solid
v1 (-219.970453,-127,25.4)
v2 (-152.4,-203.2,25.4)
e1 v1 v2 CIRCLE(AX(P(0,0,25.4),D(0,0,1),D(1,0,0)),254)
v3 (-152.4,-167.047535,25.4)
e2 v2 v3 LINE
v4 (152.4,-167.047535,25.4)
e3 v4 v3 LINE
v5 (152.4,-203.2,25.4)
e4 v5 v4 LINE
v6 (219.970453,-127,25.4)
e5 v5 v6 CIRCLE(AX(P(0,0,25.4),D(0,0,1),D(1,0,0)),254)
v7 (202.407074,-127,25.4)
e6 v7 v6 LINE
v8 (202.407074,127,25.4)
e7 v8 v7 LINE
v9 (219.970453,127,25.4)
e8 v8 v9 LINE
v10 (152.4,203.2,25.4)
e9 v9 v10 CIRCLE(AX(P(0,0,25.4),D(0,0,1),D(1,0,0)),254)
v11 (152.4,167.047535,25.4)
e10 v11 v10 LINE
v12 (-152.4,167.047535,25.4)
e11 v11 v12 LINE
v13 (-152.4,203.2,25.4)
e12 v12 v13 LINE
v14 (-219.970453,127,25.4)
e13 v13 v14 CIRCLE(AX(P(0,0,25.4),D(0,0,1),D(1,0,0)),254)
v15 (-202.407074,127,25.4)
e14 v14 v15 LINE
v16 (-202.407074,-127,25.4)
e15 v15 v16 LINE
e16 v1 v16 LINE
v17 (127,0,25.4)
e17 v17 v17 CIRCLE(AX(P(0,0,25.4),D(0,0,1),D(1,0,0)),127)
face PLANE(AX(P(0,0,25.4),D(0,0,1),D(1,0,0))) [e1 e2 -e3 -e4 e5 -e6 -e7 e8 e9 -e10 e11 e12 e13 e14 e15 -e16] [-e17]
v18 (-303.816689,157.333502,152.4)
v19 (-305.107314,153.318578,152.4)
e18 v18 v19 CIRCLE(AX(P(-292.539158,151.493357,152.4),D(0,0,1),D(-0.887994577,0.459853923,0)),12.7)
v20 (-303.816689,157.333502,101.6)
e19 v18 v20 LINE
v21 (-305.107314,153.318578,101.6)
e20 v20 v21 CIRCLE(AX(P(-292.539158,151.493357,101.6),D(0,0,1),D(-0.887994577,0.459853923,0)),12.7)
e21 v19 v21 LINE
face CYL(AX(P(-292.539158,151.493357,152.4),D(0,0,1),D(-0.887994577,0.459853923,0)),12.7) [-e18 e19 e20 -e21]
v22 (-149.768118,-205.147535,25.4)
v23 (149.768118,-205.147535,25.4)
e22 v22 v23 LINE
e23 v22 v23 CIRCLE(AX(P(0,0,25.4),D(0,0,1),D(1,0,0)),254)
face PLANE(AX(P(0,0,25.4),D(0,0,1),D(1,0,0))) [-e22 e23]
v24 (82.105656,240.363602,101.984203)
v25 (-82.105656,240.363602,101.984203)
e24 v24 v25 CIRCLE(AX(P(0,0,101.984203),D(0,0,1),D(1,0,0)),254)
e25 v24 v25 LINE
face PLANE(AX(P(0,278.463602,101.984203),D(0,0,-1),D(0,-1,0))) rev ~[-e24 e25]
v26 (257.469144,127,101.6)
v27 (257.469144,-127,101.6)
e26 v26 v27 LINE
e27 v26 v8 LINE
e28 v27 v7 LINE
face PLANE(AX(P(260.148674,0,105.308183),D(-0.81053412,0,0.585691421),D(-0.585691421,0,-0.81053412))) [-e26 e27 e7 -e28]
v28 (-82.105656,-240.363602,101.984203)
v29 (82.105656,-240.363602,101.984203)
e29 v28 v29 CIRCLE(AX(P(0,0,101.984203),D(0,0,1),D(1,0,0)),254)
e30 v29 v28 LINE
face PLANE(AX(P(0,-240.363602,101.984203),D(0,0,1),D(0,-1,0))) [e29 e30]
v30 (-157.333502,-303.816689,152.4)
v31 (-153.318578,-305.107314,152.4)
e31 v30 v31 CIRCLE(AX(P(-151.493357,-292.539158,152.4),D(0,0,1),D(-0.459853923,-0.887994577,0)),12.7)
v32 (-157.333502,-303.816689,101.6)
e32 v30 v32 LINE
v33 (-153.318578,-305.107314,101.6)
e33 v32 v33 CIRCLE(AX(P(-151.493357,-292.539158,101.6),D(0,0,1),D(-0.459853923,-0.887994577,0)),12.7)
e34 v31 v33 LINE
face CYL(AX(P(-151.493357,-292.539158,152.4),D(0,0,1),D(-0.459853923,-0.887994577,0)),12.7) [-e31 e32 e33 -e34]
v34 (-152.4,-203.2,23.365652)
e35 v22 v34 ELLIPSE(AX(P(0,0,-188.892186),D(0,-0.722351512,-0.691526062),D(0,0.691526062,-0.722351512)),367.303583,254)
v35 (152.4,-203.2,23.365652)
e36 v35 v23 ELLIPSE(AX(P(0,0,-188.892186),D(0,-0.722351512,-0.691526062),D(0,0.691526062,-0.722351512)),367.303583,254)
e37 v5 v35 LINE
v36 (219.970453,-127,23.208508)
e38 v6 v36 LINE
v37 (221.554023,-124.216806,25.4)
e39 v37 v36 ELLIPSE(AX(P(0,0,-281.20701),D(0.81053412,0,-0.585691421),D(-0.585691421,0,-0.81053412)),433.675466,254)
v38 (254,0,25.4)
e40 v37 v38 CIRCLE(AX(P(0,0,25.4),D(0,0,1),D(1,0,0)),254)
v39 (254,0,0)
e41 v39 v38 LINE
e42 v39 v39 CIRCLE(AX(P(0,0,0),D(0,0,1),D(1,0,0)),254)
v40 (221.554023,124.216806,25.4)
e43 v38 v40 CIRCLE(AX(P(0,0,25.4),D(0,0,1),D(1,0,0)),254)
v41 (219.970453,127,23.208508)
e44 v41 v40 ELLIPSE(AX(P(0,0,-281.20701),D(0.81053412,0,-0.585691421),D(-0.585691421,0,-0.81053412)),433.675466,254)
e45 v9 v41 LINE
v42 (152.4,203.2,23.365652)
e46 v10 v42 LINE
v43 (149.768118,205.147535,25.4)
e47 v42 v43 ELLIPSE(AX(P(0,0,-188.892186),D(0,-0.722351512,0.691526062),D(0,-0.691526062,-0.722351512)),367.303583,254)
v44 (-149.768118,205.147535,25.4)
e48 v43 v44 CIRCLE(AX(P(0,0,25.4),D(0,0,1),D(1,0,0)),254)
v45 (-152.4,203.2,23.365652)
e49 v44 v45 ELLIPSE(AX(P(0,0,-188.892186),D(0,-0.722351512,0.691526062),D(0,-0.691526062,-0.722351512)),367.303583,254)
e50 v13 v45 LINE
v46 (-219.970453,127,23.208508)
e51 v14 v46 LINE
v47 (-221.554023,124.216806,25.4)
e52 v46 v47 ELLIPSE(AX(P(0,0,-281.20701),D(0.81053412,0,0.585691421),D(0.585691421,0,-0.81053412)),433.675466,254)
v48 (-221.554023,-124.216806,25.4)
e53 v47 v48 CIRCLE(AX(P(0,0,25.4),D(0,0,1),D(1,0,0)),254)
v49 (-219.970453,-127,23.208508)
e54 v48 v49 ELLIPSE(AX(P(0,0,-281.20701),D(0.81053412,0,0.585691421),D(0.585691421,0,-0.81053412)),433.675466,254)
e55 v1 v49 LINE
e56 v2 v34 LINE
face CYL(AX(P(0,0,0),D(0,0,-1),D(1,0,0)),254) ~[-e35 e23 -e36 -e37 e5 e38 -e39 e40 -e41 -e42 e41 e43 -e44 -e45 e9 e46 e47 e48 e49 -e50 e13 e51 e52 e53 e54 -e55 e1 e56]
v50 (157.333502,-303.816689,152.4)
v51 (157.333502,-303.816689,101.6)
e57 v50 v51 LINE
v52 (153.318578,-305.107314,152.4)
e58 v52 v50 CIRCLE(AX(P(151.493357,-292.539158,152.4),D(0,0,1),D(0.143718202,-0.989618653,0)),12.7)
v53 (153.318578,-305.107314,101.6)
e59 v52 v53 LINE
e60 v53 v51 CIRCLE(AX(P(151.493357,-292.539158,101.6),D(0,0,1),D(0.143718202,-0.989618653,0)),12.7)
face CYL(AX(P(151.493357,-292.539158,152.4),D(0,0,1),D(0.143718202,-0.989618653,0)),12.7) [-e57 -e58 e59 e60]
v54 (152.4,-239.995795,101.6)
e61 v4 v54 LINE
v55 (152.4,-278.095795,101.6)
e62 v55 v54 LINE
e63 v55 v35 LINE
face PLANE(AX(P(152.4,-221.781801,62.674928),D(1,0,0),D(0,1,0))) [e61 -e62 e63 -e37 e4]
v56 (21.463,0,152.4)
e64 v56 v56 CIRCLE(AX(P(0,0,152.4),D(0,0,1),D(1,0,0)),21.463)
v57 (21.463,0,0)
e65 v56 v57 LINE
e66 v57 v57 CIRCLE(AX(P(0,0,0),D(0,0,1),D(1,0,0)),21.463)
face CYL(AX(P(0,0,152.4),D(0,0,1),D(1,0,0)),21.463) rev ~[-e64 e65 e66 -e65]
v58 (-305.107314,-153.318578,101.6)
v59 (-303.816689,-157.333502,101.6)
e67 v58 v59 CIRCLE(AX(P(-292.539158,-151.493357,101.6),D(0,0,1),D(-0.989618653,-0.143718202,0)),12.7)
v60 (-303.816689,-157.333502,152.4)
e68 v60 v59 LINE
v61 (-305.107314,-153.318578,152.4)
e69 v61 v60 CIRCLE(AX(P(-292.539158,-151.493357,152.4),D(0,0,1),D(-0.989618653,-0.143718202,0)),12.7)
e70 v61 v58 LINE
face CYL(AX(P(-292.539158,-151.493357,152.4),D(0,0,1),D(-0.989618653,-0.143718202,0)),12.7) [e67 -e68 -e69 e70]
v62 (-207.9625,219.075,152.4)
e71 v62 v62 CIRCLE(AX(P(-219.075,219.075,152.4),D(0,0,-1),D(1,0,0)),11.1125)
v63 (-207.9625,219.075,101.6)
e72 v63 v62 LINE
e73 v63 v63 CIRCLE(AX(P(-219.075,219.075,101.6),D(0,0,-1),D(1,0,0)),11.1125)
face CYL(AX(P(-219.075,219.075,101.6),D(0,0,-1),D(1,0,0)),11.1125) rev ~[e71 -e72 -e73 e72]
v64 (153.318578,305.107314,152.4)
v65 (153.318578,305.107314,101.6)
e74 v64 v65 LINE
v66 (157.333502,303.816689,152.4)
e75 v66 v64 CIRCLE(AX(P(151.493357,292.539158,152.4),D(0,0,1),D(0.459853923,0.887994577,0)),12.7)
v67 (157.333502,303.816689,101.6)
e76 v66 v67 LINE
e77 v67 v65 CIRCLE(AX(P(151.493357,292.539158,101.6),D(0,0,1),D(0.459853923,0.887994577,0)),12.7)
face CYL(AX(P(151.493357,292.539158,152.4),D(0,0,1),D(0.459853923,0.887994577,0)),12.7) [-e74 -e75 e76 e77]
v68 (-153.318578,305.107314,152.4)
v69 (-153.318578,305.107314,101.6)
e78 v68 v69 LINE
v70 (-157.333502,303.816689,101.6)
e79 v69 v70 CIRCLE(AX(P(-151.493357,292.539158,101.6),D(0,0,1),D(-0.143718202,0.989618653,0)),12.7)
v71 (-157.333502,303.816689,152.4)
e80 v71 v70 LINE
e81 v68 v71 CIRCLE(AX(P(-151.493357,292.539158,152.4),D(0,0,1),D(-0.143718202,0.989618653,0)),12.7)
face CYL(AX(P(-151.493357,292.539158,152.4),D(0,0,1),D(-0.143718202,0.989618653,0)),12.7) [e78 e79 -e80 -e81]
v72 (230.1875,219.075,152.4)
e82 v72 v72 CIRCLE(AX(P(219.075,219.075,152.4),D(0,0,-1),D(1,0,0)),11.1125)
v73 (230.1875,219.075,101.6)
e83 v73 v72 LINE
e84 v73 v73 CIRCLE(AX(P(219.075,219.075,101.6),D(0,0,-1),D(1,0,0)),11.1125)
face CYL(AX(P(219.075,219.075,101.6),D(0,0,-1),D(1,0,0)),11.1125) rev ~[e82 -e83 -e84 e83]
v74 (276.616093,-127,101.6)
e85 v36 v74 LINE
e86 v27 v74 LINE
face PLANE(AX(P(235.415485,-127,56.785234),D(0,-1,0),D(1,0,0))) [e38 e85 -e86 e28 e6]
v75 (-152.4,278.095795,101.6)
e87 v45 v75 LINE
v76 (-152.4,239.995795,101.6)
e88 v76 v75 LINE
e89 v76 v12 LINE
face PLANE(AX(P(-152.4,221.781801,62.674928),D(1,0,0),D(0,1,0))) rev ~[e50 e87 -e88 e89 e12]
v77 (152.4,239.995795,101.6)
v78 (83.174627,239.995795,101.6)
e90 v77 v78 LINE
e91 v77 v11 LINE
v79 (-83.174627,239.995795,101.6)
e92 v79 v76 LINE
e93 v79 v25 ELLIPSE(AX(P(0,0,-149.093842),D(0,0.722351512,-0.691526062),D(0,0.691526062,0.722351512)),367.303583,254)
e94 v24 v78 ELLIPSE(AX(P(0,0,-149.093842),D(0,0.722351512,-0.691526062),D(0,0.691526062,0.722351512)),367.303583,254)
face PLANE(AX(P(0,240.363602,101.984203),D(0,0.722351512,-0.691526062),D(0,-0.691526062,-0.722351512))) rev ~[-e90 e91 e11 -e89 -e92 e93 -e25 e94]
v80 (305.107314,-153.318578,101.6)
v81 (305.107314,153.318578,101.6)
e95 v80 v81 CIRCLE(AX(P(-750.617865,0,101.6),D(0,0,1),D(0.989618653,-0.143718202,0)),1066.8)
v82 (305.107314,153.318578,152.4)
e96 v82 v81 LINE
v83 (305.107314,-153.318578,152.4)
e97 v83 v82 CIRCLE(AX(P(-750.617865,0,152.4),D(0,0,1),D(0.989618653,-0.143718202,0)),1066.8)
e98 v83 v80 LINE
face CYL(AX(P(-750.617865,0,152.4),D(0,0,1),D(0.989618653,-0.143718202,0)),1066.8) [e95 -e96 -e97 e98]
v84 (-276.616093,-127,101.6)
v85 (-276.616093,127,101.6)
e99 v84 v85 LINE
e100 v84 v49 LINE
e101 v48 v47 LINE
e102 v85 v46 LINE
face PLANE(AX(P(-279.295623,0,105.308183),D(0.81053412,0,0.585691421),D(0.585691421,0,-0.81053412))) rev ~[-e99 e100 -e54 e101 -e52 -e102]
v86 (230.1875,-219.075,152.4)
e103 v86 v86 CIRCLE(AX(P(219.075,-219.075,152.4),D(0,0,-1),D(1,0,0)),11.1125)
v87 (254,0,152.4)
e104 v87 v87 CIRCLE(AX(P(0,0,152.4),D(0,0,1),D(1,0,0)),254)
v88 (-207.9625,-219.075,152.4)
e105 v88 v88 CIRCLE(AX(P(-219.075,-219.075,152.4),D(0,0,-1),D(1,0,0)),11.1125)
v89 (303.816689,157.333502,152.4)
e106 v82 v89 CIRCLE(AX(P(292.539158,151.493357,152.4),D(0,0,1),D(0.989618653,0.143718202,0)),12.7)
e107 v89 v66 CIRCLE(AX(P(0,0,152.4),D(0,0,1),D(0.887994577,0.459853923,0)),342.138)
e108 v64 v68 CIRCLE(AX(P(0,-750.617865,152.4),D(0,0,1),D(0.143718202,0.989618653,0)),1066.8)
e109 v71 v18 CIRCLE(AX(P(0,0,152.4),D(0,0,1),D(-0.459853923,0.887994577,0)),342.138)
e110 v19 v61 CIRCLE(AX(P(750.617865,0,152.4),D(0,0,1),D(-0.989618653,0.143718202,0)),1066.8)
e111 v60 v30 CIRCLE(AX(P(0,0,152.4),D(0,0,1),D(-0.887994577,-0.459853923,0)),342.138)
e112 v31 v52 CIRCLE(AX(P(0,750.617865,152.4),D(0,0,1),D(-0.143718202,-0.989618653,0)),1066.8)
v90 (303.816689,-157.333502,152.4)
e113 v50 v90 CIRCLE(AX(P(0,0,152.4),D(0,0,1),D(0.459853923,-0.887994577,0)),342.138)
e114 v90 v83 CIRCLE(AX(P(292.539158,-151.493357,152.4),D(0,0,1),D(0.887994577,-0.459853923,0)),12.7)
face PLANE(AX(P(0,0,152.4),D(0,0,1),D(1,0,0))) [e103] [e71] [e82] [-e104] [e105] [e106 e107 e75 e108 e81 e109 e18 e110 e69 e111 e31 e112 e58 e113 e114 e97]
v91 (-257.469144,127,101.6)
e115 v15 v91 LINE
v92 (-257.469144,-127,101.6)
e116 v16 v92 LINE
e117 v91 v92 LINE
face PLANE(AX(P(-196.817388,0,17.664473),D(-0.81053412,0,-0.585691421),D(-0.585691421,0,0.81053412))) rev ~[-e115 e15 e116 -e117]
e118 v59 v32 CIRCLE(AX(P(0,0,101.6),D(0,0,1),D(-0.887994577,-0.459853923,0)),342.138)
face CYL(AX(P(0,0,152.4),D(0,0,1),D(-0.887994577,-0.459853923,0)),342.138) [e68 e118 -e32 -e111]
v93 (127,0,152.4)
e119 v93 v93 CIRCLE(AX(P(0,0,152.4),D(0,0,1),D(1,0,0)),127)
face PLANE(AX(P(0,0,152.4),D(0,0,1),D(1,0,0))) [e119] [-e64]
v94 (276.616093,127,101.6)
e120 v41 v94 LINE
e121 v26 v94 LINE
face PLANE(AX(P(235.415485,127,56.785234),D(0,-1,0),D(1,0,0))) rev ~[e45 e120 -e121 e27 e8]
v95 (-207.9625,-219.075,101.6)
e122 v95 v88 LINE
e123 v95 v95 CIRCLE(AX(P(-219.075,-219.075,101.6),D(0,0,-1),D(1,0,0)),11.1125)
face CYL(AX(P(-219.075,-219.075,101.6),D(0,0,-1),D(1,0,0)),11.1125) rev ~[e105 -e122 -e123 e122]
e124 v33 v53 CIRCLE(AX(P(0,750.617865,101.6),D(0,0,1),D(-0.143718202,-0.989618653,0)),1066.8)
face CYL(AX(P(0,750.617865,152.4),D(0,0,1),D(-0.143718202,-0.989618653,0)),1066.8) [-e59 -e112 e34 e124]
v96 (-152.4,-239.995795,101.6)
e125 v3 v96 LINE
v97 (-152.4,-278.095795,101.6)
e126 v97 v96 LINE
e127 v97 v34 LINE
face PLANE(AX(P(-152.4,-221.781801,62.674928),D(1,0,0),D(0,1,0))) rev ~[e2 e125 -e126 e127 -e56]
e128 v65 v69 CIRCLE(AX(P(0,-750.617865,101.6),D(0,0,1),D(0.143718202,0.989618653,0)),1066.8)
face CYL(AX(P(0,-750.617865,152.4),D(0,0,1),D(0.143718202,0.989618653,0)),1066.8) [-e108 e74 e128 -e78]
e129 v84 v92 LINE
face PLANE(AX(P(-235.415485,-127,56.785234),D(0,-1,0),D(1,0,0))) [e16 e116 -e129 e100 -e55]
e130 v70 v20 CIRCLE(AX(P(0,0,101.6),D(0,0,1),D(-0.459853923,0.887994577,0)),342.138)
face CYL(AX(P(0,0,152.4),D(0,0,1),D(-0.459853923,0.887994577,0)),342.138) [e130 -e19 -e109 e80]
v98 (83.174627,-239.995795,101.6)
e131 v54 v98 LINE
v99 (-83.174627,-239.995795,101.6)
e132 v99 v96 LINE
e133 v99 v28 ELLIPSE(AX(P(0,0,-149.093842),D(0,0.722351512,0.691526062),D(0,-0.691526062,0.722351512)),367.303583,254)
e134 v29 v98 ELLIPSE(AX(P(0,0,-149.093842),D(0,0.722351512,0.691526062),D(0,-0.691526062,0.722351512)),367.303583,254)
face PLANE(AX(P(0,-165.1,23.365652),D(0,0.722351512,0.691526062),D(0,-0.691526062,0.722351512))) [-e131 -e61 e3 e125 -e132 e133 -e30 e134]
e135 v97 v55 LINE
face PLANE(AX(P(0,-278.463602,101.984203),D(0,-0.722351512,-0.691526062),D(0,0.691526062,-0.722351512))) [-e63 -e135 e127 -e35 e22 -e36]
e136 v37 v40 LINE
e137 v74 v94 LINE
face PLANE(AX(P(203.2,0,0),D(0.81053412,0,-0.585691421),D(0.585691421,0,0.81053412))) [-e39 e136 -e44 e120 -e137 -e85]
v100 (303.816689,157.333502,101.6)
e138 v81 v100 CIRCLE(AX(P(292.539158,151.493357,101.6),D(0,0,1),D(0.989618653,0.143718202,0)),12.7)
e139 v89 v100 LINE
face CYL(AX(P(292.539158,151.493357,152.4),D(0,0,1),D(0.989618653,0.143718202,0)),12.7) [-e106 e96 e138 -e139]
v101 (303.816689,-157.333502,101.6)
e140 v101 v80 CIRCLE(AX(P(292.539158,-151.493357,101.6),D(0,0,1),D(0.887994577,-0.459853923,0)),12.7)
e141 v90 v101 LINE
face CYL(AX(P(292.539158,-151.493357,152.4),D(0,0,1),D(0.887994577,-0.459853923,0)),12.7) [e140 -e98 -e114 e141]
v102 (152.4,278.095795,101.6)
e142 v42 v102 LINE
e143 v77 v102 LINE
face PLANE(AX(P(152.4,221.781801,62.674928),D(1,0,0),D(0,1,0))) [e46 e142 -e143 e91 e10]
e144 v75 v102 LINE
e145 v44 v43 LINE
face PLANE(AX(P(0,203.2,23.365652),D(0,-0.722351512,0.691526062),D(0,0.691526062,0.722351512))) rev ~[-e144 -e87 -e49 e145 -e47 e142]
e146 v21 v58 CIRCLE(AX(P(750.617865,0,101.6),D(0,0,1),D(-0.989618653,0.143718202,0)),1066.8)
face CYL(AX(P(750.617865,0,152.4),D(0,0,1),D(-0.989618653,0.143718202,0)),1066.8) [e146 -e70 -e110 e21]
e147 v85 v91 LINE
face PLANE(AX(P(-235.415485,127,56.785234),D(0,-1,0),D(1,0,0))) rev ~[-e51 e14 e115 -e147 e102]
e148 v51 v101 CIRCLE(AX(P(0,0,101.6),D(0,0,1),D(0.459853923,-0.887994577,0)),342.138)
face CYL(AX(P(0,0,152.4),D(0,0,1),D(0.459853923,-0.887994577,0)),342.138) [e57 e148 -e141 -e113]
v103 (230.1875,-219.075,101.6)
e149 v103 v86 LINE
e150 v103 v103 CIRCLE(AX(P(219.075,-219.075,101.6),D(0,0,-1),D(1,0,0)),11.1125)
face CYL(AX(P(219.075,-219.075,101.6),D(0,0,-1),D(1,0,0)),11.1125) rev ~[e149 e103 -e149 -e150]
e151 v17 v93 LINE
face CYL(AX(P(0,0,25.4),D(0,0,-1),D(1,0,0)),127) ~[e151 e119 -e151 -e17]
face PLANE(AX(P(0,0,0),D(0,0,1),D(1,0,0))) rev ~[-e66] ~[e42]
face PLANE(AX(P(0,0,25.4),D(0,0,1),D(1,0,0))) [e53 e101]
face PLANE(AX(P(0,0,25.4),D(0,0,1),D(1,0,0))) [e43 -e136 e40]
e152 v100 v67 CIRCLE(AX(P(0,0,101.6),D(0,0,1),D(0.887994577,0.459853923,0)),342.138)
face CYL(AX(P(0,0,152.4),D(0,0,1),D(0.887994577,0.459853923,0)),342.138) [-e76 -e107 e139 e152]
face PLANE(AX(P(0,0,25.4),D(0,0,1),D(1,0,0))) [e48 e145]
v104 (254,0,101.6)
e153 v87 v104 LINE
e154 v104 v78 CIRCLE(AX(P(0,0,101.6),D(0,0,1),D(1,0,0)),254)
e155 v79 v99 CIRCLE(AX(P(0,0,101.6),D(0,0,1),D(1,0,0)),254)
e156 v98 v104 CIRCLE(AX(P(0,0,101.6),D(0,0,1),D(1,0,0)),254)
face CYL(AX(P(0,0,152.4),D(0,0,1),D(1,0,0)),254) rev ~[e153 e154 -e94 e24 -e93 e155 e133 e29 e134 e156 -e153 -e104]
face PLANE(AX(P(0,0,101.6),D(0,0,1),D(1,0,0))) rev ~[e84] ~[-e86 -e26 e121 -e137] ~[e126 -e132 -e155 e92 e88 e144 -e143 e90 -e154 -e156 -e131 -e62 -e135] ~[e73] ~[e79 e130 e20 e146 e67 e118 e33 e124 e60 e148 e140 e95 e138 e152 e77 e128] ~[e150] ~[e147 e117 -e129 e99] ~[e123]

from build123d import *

# Parameters (mm, degrees)
F0_R      = 254
F1_DEPTH  = 25.4
F3_R      = 254
F4_DEPTH  = 50.8
F6_DEPTH  = 127
F8_DEPTH  = 152.4
F9_R      = 127
F10_DEPTH = 127
F11_R     = 21.463
F12_DEPTH = 152.401
F13_R     = 11.1125
F14_DEPTH = 50.801


with BuildPart() as f1:
    # F0 (on Top) → F1 (new body)
    with BuildSketch(Plane.XY):
        Circle(F0_R)
    extrude(amount=F1_DEPTH)



with BuildPart() as f4:
    # F3 (on offset) → F4 (new body)
    with BuildSketch(Plane.XY.offset(152.4)):
        with BuildLine():
            ThreePointArc((-305.1073144143, -153.3185779875), (-304.6298197167, -155.3799861666), (-303.8166886514, -157.3335016483))
            ThreePointArc((-303.8166886514, -157.3335016483), (-241.9280999016, -241.9280999016), (-157.3335016483, -303.8166886514))
            ThreePointArc((-157.3335016483, -303.8166886514), (-155.3799861666, -304.6298197167), (-153.3185779875, -305.1073144143))
            ThreePointArc((-153.3185779875, -305.1073144143), (0, -316.1821353814), (153.3185779875, -305.1073144143))
            ThreePointArc((153.3185779875, -305.1073144143), (155.3799861666, -304.6298197167), (157.3335016483, -303.8166886514))
            ThreePointArc((157.3335016483, -303.8166886514), (241.9280999016, -241.9280999016), (303.8166886514, -157.3335016483))
            ThreePointArc((303.8166886514, -157.3335016483), (304.6298197167, -155.3799861666), (305.1073144143, -153.3185779875))
            ThreePointArc((305.1073144143, -153.3185779875), (316.1821353814, 0), (305.1073144143, 153.3185779875))
            ThreePointArc((305.1073144143, 153.3185779875), (304.6298197167, 155.3799861666), (303.8166886514, 157.3335016483))
            ThreePointArc((303.8166886514, 157.3335016483), (241.9280999016, 241.9280999016), (157.3335016483, 303.8166886514))
            ThreePointArc((157.3335016483, 303.8166886514), (155.3799861666, 304.6298197167), (153.3185779875, 305.1073144143))
            ThreePointArc((153.3185779875, 305.1073144143), (0, 316.1821353814), (-153.3185779875, 305.1073144143))
            ThreePointArc((-153.3185779875, 305.1073144143), (-155.3799861666, 304.6298197167), (-157.3335016483, 303.8166886514))
            ThreePointArc((-157.3335016483, 303.8166886514), (-241.9280999016, 241.9280999016), (-303.8166886514, 157.3335016483))
            ThreePointArc((-303.8166886514, 157.3335016483), (-304.6298197167, 155.3799861666), (-305.1073144143, 153.3185779875))
            ThreePointArc((-305.1073144143, 153.3185779875), (-316.1821353814, 0), (-305.1073144143, -153.3185779875))
        make_face()
        Circle(F3_R, mode=Mode.SUBTRACT)
    extrude(amount=-F4_DEPTH)


with BuildPart() as f1_1:
    add(f1.part)

    add(f4.part)  # F6 merges F4
    # F5 (on Front) → F6 (join, symmetric)
    with BuildSketch(Plane.XZ):
        Polygon((-279.2956233025, 105.3081825376), (-203.2, 0), (-196.8173876795, 17.664473254), (-260.1486742496, 105.3081825376), align=None)
        Polygon((196.8173876795, 17.664473254), (203.2, 0), (279.2956233025, 105.3081825376), (260.1486742496, 105.3081825376), align=None)
    extrude(amount=F6_DEPTH, both=True)

    # F7 (on Right) → F8 (join, symmetric)
    with BuildSketch(Plane.YZ):
        Polygon((165.1, 23.3656521887), (203.2, 23.3656521887), (278.463602066, 101.9842028618), (240.363602066, 101.9842028618), align=None)
        Polygon((-278.463602066, 101.9842028618), (-203.2, 23.3656521887), (-165.1, 23.3656521887), (-240.363602066, 101.9842028618), align=None)
    extrude(amount=F8_DEPTH, both=True)

    # F9 (on face) → F10 (join)
    with BuildSketch(Plane.XY.offset(25.4)):
        Circle(F9_R)
    extrude(amount=F10_DEPTH)

    # F11 (on face) → F12 (cut, through all)
    with BuildSketch(Plane.XY.offset(152.4)):
        Circle(F11_R)
    extrude(amount=-F12_DEPTH, mode=Mode.SUBTRACT)

    # F13 (on face) → F14 (cut, through all)
    with BuildSketch(Plane(origin=(0, 0, 101.6), x_dir=(1, 0, 0), z_dir=(0, 0, -1))):
        with Locations((219.075, 219.075)):
            Circle(F13_R)
        with Locations((219.075, -219.075)):
            Circle(F13_R)
        with Locations((-219.075, -219.075)):
            Circle(F13_R)
        with Locations((-219.075, 219.075)):
            Circle(F13_R)
    extrude(amount=-F14_DEPTH, mode=Mode.SUBTRACT)


solid = f1_1.part
